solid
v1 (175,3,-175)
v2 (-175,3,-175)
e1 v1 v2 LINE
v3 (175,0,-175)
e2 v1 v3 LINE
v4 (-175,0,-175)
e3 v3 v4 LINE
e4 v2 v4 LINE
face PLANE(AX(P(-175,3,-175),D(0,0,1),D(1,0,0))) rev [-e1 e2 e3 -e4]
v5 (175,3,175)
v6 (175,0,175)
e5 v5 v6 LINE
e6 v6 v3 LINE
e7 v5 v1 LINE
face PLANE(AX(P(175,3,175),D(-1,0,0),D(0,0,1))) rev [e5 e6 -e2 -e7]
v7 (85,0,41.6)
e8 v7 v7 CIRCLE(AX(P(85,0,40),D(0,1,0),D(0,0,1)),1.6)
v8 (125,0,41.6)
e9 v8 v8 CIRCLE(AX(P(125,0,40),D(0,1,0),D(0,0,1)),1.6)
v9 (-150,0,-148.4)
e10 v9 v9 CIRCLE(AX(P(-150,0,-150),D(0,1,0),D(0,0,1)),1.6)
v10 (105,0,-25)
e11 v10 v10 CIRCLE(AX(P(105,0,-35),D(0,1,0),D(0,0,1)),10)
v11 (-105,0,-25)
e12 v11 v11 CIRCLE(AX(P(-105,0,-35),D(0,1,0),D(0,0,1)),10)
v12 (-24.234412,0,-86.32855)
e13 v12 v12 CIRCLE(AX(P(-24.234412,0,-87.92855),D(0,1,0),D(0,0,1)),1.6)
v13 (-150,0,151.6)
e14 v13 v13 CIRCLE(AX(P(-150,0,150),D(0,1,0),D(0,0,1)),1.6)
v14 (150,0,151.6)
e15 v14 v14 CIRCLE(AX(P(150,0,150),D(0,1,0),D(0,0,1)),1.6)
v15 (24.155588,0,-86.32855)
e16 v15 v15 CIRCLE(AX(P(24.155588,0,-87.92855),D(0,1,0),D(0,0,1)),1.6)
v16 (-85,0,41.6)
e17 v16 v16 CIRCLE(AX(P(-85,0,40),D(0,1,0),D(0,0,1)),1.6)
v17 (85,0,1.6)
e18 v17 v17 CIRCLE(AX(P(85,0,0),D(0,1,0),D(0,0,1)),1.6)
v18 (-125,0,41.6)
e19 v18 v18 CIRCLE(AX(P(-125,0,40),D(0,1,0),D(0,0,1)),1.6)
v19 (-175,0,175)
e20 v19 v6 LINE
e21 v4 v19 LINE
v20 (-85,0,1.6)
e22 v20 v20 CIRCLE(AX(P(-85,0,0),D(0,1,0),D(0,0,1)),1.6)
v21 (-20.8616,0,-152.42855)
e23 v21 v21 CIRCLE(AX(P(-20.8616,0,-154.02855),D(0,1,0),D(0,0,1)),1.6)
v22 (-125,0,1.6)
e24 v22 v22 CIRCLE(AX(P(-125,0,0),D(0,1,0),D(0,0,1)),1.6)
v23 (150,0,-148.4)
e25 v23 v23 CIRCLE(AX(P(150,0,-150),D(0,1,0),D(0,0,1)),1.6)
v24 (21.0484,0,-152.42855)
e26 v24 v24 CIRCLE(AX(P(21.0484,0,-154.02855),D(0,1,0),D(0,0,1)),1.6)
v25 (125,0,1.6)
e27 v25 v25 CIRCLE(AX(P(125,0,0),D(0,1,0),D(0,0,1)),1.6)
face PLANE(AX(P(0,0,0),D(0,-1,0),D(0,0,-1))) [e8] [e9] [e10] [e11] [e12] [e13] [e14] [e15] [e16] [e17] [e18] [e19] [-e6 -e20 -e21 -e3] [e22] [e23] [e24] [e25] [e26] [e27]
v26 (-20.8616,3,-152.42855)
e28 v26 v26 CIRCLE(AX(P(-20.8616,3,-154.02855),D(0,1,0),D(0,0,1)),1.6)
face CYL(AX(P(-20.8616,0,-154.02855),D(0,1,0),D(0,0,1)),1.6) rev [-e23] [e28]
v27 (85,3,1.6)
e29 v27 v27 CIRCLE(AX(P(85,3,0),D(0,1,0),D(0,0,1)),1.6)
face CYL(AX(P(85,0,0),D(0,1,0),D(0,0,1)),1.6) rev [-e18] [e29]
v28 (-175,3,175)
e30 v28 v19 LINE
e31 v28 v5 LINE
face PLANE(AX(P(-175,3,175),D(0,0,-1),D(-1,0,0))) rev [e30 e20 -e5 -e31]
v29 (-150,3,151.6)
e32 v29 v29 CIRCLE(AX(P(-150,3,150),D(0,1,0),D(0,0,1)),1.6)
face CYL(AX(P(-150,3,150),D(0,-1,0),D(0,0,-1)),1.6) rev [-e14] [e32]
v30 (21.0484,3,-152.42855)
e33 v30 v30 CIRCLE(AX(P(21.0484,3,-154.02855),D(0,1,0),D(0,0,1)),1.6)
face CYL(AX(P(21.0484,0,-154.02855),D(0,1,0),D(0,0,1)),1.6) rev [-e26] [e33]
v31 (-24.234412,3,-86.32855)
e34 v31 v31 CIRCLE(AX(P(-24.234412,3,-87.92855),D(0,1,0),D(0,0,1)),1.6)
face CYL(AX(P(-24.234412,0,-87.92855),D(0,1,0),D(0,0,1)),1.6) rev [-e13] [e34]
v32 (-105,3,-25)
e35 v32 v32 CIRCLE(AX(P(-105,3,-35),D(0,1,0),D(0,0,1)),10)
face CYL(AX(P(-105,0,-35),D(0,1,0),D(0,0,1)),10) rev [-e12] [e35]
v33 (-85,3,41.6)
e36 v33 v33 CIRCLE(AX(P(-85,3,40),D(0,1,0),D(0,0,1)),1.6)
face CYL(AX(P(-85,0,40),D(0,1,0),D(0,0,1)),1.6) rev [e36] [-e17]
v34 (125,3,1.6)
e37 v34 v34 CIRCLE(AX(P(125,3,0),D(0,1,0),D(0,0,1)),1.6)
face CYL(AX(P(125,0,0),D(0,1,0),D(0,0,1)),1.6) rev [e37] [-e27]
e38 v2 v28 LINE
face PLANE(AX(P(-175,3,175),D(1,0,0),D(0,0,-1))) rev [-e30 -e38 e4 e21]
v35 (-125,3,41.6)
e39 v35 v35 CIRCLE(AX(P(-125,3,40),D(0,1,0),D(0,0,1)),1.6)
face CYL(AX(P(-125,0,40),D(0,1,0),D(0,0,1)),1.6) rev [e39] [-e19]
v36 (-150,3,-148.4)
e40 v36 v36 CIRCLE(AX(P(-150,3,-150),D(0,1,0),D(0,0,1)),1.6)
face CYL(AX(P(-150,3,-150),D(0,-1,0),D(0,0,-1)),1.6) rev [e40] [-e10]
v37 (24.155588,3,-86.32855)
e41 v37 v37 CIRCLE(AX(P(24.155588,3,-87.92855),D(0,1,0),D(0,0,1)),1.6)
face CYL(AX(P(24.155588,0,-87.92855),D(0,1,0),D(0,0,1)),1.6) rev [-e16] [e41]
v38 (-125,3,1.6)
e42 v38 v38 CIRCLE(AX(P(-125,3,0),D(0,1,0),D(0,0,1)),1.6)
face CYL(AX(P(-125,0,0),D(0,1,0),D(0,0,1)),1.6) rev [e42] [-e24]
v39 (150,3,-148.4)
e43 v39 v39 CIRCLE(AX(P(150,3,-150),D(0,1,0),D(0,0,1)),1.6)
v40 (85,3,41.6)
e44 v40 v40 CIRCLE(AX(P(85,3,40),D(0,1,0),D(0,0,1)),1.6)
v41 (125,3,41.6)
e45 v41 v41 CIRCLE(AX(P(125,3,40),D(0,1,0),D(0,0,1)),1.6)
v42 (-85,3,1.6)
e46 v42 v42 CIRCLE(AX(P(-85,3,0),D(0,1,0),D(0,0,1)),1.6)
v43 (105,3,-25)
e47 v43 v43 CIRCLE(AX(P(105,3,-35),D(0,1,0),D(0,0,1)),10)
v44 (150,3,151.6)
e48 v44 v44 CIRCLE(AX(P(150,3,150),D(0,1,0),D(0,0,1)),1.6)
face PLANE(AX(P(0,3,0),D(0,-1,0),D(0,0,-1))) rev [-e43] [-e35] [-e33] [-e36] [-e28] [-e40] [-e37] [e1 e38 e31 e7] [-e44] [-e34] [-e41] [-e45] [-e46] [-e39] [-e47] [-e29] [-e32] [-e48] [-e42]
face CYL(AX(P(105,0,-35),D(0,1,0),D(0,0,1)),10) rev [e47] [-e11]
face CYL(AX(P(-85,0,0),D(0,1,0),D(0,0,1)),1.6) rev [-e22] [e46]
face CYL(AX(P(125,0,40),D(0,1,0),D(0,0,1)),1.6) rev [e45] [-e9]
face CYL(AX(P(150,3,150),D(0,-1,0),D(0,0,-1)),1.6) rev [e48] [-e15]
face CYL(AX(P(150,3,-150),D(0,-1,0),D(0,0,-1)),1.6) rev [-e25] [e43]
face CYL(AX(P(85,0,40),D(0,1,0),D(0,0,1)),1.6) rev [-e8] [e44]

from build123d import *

# Parameters (mm, degrees)
SKETCH1_W           = 350.000000098
SKETCH1_H           = 350.000000098
SKETCH1_R           = 1.6
BOSS_EXTRUDE1_DEPTH = 3
SKETCH2_R           = 10
SKETCH2_R_2         = 1.6
CUT_EXTRUDE1_DEPTH  = 3


with BuildPart() as part:
    # Sketch1 → Boss-Extrude1 (new body)
    with BuildSketch(Plane(origin=(0, 0, 0), x_dir=(1, 0, 0), z_dir=(0, 1, 0))):
        Rectangle(SKETCH1_W, SKETCH1_H)
        with Locations((-150, 150)):
            Circle(SKETCH1_R, mode=Mode.SUBTRACT)
        with Locations((-150, -150)):
            Circle(SKETCH1_R, mode=Mode.SUBTRACT)
        with Locations((150, -150)):
            Circle(SKETCH1_R, mode=Mode.SUBTRACT)
        with Locations((150, 150)):
            Circle(SKETCH1_R, mode=Mode.SUBTRACT)
    extrude(amount=BOSS_EXTRUDE1_DEPTH)

    # Sketch2 → Cut-Extrude1 (cut)
    with BuildSketch(Plane(origin=(0, 3, 0), x_dir=(1, 0, 0), z_dir=(0, 1, 0))):
        with Locations((-105, 35)):
            Circle(SKETCH2_R)
        with Locations((105, 35)):
            Circle(SKETCH2_R)
        with Locations((-20.861599962, 154.028549732)):
            Circle(SKETCH2_R_2)
        with Locations((-24.234411868, 87.928549732)):
            Circle(SKETCH2_R_2)
        with Locations((21.048400038, 154.028549732)):
            Circle(SKETCH2_R_2)
        with Locations((24.155588132, 87.928549732)):
            Circle(SKETCH2_R_2)
        with Locations((-125, 0)):
            Circle(SKETCH2_R_2)
        with Locations((-85, 0)):
            Circle(SKETCH2_R_2)
        with Locations((-125, -40)):
            Circle(SKETCH2_R_2)
        with Locations((-85, -40)):
            Circle(SKETCH2_R_2)
        with Locations((85, 0)):
            Circle(SKETCH2_R_2)
        with Locations((125, 0)):
            Circle(SKETCH2_R_2)
        with Locations((85, -40)):
            Circle(SKETCH2_R_2)
        with Locations((125, -40)):
            Circle(SKETCH2_R_2)
    extrude(amount=-CUT_EXTRUDE1_DEPTH, mode=Mode.SUBTRACT)


solid = part.part
